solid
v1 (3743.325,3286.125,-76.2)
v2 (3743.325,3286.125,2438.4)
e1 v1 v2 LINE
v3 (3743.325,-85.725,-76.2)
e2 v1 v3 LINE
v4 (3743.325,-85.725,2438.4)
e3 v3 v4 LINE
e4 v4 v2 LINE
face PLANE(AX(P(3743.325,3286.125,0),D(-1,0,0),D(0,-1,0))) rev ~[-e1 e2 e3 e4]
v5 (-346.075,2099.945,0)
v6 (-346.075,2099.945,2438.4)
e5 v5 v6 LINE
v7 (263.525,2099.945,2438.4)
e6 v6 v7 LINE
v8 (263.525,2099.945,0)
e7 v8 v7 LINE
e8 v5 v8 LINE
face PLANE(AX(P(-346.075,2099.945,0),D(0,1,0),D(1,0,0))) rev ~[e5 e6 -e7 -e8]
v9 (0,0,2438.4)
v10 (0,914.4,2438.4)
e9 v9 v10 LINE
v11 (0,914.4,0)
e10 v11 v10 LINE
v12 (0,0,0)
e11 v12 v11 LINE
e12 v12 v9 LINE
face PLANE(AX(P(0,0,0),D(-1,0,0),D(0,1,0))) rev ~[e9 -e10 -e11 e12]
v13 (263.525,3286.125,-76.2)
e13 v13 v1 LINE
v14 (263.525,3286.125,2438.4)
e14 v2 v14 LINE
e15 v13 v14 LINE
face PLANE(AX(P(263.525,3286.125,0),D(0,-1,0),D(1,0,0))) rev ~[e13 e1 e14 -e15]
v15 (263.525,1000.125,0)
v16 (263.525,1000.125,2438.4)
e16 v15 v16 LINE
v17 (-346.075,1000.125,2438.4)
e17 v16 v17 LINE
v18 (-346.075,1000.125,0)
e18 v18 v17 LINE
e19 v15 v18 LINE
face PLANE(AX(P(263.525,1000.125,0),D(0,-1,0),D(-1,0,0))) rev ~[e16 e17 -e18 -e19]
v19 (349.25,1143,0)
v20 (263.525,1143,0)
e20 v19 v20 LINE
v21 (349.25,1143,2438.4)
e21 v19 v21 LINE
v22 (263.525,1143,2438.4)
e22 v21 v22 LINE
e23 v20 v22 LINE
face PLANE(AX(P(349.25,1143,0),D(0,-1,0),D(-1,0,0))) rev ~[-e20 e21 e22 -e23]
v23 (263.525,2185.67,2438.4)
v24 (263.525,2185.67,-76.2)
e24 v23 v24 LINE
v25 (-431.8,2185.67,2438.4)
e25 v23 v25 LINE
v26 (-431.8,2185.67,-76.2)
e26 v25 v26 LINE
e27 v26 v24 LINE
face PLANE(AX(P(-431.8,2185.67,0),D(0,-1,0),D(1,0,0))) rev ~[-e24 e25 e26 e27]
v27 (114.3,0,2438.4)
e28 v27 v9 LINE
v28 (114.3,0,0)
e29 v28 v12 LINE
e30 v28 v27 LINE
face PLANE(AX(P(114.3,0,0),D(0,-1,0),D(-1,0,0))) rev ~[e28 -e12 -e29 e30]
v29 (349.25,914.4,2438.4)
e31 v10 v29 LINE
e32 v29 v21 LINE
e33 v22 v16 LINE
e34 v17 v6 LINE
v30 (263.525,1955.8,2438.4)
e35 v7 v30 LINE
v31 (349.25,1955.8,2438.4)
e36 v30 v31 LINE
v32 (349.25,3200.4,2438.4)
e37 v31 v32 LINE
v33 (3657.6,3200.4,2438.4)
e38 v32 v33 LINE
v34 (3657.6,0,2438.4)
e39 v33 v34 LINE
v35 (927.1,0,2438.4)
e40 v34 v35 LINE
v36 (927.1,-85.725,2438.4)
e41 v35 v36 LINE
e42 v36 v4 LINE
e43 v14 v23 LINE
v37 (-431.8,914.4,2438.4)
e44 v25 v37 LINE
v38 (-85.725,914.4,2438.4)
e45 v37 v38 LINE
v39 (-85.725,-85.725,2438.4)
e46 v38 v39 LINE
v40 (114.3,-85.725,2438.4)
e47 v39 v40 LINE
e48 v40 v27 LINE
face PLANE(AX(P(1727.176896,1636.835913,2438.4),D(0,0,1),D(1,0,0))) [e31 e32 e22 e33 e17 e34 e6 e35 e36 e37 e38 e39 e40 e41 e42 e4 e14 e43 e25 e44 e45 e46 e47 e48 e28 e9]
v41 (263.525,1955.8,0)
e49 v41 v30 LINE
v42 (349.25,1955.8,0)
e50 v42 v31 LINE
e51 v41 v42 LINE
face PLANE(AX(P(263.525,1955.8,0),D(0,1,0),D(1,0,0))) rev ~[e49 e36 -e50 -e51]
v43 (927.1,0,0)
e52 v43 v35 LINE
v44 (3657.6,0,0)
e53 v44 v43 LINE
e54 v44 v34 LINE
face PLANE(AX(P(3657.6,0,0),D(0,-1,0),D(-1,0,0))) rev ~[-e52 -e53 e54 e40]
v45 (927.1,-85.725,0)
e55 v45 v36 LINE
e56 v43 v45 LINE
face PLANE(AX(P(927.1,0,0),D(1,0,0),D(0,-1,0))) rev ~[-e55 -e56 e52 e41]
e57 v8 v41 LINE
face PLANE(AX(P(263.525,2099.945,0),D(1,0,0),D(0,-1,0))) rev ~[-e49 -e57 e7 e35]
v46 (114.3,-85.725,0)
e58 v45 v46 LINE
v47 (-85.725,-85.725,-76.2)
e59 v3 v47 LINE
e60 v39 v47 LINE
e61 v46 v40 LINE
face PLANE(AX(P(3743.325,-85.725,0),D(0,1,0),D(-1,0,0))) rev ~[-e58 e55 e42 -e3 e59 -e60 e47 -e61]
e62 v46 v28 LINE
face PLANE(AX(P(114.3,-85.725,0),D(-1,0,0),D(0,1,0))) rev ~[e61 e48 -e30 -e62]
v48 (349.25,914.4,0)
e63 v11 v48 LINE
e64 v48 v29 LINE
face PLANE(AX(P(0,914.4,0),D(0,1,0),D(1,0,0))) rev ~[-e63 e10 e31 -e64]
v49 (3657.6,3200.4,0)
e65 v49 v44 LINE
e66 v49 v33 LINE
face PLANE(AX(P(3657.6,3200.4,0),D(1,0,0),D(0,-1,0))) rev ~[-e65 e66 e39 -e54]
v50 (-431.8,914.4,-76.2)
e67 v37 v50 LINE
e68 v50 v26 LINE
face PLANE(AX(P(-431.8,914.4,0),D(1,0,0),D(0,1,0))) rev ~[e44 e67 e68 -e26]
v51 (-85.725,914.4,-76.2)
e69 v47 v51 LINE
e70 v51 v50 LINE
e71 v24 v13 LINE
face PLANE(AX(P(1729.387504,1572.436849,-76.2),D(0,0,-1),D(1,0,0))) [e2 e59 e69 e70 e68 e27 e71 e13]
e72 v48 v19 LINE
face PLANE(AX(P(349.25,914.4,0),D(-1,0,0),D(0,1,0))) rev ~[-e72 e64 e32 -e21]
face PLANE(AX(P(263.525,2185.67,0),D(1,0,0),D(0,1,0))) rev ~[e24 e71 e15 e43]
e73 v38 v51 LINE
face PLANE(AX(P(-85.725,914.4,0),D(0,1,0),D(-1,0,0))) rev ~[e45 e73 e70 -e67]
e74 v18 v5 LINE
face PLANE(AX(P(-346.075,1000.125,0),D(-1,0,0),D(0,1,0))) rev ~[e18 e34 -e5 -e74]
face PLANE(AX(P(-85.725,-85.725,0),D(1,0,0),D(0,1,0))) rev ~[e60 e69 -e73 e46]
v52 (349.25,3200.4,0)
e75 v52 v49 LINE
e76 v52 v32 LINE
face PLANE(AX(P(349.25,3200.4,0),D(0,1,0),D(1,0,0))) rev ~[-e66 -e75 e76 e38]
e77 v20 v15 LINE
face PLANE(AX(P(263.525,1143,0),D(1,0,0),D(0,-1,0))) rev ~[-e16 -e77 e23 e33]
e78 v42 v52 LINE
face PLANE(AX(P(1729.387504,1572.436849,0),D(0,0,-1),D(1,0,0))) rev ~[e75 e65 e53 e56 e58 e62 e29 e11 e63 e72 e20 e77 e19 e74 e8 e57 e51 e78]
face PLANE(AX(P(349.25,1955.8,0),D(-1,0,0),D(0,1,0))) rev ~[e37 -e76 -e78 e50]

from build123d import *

# Parameters (mm, degrees)
F1_DEPTH = 2438.4
F3_DEPTH = 76.2


with BuildPart() as f1:
    # F0 (on Top) → F1 (new body)
    with BuildSketch(Plane.XY):
        Polygon((114.3, 0), (0, 0), (0, 914.4), (349.25, 914.4), (349.25, 1143), (263.525, 1143), (263.525, 1000.125), (-85.725, 1000.125), (-346.075, 1000.125), (-346.075, 2099.945), (263.525, 2099.945), (263.525, 1955.8), (349.25, 1955.8), (349.25, 2641.6), (349.25, 2743.2), (349.25, 3200.4), (1219.2, 3200.4), (3657.6, 3200.4), (3657.6, 0), (3203.849826, 0), (2797.449826, 0), (2743.2, 0), (1066.8, 0), (927.1, 0), (927.1, -85.725), (3743.325, -85.725), (3743.325, 3286.125), (263.525, 3286.125), (263.525, 2629.454412), (263.525, 2185.67), (-431.8, 2185.67), (-431.8, 914.4), (-85.725, 914.4), (-85.725, -85.725), (114.3, -85.725), align=None)
    extrude(amount=F1_DEPTH)

    # F2 (on face) → F3 (join)
    with BuildSketch(Plane(origin=(0, 0, 0), x_dir=(1, 0, 0), z_dir=(0, 0, -1))):
        Polygon((3743.325, 85.725), (-85.725, 85.725), (-85.725, -914.4), (-431.8, -914.4), (-431.8, -2185.67), (263.525, -2185.67), (263.525, -3286.125), (3743.325, -3286.125), align=None)
    extrude(amount=F3_DEPTH)


solid = f1.part
